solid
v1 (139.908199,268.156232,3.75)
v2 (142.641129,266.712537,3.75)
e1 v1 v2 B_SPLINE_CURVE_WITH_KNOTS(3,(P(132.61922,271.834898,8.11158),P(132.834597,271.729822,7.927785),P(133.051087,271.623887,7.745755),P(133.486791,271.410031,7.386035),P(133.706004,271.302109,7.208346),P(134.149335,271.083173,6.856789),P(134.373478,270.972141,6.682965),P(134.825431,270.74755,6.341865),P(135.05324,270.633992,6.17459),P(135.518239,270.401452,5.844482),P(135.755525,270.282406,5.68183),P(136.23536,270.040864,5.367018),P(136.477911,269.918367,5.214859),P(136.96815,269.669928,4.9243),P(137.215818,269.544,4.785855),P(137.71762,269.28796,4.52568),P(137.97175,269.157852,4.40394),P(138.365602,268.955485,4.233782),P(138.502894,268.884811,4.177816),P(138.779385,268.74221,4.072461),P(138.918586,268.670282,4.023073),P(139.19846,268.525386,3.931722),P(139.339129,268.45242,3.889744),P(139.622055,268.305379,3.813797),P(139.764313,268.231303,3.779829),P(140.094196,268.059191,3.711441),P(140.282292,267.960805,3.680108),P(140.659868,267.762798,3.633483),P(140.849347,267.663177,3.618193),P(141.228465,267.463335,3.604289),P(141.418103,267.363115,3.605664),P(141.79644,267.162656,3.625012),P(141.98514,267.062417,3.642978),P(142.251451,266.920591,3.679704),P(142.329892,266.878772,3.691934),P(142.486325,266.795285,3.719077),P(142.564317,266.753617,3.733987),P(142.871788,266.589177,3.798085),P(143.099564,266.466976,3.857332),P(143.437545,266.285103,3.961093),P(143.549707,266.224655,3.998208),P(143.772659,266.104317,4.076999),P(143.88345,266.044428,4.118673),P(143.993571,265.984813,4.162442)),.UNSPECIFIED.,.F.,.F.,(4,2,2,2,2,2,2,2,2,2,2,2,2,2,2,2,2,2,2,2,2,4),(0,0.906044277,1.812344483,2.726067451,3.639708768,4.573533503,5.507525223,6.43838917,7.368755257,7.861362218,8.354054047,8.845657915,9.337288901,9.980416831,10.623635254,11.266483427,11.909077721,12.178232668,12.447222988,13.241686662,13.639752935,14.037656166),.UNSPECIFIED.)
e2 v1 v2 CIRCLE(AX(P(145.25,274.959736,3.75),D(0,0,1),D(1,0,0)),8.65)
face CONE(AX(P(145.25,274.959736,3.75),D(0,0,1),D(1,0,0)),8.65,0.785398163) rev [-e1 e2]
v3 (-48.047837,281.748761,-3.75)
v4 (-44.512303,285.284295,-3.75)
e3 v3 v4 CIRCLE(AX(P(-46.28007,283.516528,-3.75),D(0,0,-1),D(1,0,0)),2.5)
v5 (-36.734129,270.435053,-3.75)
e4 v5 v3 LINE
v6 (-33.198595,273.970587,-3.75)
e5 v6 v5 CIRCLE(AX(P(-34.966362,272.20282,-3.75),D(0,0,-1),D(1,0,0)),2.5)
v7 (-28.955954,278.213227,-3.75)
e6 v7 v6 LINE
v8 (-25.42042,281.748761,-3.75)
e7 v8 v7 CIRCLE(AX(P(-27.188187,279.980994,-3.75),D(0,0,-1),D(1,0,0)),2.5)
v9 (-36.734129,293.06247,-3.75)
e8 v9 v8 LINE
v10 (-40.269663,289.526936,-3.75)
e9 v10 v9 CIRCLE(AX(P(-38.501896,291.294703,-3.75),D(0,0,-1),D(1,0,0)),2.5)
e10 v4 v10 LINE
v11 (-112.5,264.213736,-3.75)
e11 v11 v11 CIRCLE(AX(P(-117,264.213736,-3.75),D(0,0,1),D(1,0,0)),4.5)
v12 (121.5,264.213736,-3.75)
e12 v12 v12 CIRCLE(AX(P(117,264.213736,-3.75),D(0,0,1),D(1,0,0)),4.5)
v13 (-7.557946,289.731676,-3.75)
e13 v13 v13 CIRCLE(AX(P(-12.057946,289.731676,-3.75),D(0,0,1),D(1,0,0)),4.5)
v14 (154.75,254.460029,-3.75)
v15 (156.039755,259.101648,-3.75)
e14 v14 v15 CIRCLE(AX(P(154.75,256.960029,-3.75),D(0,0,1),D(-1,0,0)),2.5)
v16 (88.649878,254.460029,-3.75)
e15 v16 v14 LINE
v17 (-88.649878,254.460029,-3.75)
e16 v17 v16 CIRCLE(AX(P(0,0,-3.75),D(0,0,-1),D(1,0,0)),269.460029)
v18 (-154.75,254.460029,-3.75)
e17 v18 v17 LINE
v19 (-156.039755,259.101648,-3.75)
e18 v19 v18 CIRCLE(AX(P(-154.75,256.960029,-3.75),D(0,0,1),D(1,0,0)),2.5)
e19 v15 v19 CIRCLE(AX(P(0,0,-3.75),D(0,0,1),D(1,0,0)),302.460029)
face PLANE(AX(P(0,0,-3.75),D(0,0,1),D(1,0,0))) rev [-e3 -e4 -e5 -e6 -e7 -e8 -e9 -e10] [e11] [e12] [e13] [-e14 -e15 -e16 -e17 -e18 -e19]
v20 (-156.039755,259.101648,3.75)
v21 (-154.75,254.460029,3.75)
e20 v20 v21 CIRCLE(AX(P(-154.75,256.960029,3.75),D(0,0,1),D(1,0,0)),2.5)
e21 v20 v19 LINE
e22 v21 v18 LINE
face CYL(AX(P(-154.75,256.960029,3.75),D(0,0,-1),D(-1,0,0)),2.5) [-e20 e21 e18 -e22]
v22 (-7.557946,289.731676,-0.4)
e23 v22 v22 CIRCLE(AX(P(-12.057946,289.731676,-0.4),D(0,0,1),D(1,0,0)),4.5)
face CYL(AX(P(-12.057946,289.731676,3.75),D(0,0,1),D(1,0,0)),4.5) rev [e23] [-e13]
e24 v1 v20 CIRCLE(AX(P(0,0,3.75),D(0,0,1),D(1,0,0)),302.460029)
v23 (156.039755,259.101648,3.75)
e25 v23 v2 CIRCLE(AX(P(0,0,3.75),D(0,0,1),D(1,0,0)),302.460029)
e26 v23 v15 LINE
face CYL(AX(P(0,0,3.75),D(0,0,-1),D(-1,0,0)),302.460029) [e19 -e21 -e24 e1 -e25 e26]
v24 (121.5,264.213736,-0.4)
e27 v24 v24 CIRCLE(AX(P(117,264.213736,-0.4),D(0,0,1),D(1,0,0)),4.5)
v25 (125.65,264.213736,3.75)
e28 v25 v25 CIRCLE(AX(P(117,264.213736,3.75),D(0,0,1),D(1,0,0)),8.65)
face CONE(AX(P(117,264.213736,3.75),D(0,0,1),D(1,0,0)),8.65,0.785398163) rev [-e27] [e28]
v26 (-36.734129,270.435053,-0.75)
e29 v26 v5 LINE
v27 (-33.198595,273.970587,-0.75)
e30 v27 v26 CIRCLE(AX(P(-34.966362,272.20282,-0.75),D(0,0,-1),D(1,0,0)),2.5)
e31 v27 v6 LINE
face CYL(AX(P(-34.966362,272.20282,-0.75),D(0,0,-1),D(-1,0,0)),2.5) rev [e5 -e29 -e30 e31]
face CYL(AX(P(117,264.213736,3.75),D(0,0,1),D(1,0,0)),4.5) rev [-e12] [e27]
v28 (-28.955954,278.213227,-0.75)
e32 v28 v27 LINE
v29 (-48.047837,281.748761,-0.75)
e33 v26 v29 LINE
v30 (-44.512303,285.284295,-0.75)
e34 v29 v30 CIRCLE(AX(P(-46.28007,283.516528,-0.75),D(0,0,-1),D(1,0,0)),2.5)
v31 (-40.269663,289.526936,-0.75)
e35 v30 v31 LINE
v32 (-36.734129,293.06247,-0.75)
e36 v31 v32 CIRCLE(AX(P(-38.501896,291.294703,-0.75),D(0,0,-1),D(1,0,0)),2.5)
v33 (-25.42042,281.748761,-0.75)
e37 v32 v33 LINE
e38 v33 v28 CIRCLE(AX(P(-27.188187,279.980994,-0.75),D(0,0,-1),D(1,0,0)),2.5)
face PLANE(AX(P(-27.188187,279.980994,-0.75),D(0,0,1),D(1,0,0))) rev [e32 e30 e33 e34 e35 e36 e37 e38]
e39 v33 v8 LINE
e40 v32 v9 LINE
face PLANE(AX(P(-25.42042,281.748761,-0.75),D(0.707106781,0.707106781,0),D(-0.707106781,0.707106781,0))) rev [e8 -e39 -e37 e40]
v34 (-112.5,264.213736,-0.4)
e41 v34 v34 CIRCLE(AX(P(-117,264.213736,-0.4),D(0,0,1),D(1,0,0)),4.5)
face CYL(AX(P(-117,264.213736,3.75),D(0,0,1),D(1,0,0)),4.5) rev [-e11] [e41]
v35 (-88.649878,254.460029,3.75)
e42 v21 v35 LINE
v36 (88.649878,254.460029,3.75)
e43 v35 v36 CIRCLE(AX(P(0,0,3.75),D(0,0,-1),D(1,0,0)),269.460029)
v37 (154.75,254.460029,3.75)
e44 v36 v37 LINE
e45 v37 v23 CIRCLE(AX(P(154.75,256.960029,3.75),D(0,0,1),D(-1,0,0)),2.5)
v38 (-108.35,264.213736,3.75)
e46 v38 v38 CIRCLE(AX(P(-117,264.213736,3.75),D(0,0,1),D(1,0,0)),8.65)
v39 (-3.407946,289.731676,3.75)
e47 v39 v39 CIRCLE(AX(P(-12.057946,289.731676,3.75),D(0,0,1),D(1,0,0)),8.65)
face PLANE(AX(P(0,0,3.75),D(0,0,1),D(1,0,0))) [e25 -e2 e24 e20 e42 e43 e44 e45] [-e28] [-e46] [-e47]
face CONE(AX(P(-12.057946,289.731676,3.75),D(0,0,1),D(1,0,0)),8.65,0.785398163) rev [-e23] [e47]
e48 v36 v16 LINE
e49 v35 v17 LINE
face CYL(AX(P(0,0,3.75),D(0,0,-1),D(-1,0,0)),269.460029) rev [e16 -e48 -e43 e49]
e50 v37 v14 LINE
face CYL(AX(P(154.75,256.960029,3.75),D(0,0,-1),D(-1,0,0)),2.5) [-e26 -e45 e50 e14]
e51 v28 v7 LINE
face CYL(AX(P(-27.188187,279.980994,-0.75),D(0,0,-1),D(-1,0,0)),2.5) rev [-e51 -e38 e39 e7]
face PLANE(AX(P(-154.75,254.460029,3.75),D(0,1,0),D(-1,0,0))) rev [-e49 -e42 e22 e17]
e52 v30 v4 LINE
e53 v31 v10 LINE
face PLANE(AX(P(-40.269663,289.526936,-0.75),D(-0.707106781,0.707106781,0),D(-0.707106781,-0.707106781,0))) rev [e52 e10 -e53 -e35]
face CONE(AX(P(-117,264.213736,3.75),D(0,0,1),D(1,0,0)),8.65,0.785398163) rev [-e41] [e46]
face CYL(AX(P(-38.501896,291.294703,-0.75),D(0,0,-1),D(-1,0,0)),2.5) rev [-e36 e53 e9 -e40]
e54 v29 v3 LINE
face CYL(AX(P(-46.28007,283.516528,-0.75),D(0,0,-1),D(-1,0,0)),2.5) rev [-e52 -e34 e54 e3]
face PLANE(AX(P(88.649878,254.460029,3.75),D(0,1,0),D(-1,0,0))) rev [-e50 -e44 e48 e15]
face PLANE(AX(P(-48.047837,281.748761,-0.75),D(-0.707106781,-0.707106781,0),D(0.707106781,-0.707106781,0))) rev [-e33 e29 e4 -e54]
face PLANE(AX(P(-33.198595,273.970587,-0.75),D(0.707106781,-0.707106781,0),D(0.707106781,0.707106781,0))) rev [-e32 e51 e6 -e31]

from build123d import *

# Parameters (mm, degrees)
BOSS_EXTRU_1_DEPTH                          = 3.75
FRAISAGE_POUR_VIS_T_TE_FRAIS_E_M81_AT_COUNT = 2
FRAISAGE_POUR_VIS_T_TE_FRAIS_E_M81_AT_PITCH = 131.556522493
FRAISAGE_POUR_VIS_T_TE_FRAIS_E_M81_2_COUNT  = 2
FRAISAGE_POUR_VIS_T_TE_FRAIS_E_M81_2_PITCH  = 108
FRAISAGE_POUR_VIS_T_TE_FRAIS_E_M81_3_COUNT  = 2
FRAISAGE_POUR_VIS_T_TE_FRAIS_E_M81_3_PITCH  = 158
ENL_V_MAT_EXTRU_1_DEPTH                     = 3


with BuildPart() as part:
    # Esquisse1 → Boss.-Extru.1 (new body, symmetric)
    with BuildSketch(Plane.XY):
        with BuildLine():
            Line((-154.75, 254.46002907), (-88.649878015, 254.46002907))
            ThreePointArc((-88.649878015, 254.46002907), (0, 269.46002907), (88.649878015, 254.46002907))
            Line((88.649878015, 254.46002907), (154.75, 254.46002907))
            ThreePointArc((154.75, 254.46002907), (157.158739016, 256.290718713), (156.039755176, 259.101647987))
            ThreePointArc((156.039755176, 259.101647987), (0, 302.46002907), (-156.039755176, 259.101647987))
            ThreePointArc((-156.039755176, 259.101647987), (-157.158739016, 256.290718713), (-154.75, 254.46002907))
        make_face()
    extrude(amount=BOSS_EXTRU_1_DEPTH, both=True)

    # Esquisse2 → Fraisage pour vis à tête fraisée M81 (revolve, cut)
    with BuildSketch(Plane(origin=(-12.057945749, 289.731675966, 3.75), x_dir=(0, -1, 0), z_dir=(1, 0, 0))):
        Polygon((0, 0), (0, 7.5), (4.5, 7.5), (4.5, 4.15), (8.65, 0), align=None)
    fraisage_pour_vis_t_te_frais_e_m81 = revolve(axis=Axis((-12.057945749, 289.731675966, 10.1), (0, 0, -1)), mode=Mode.SUBTRACT)

    # Fraisage pour vis à tête fraisée M81 at: Fraisage pour vis à tête fraisée M81 ×2
    with Locations(*[Vector(0.98100758, -0.1939694, 0) * (i * FRAISAGE_POUR_VIS_T_TE_FRAIS_E_M81_AT_PITCH) for i in range(1, FRAISAGE_POUR_VIS_T_TE_FRAIS_E_M81_AT_COUNT)]):
        add(fraisage_pour_vis_t_te_frais_e_m81, mode=Mode.SUBTRACT)

    # Fraisage pour vis _ t_te frais_e M81 2: Fraisage pour vis à tête fraisée M81 ×2
    with Locations(*[Vector(-0.971685688, -0.23627722, 0) * (i * FRAISAGE_POUR_VIS_T_TE_FRAIS_E_M81_2_PITCH) for i in range(1, FRAISAGE_POUR_VIS_T_TE_FRAIS_E_M81_2_COUNT)]):
        add(fraisage_pour_vis_t_te_frais_e_m81, mode=Mode.SUBTRACT)

    # Fraisage pour vis _ t_te frais_e M81 3: Fraisage pour vis à tête fraisée M81 ×2
    with Locations(*[Vector(0.99561991, -0.09349329, 0) * (i * FRAISAGE_POUR_VIS_T_TE_FRAIS_E_M81_3_PITCH) for i in range(1, FRAISAGE_POUR_VIS_T_TE_FRAIS_E_M81_3_COUNT)]):
        add(fraisage_pour_vis_t_te_frais_e_m81, mode=Mode.SUBTRACT)

    # Esquisse4 → Enlèv. mat.-Extru.1 (cut)
    with BuildSketch(Plane(origin=(0, 0, -3.75), x_dir=(-1, 0, 0), z_dir=(0, 0, -1))):
        with BuildLine():
            Line((25.420420264, 281.748761245), (36.734128763, 293.062469744))
            ThreePointArc((36.734128763, 293.062469744), (40.269662669, 293.062469744), (40.269662669, 289.526935838))
            Line((40.269662669, 289.526935838), (44.512303356, 285.284295151))
            ThreePointArc((44.512303356, 285.284295151), (48.047837262, 285.284295151), (48.047837262, 281.748761245))
            Line((48.047837262, 281.748761245), (36.734128763, 270.435052746))
            ThreePointArc((36.734128763, 270.435052746), (33.198594857, 270.435052746), (33.198594857, 273.970586652))
            Line((33.198594857, 273.970586652), (28.95595417, 278.213227339))
            ThreePointArc((28.95595417, 278.213227339), (25.420420264, 278.213227339), (25.420420264, 281.748761245))
        make_face()
    extrude(amount=-ENL_V_MAT_EXTRU_1_DEPTH, mode=Mode.SUBTRACT)


solid = part.part
